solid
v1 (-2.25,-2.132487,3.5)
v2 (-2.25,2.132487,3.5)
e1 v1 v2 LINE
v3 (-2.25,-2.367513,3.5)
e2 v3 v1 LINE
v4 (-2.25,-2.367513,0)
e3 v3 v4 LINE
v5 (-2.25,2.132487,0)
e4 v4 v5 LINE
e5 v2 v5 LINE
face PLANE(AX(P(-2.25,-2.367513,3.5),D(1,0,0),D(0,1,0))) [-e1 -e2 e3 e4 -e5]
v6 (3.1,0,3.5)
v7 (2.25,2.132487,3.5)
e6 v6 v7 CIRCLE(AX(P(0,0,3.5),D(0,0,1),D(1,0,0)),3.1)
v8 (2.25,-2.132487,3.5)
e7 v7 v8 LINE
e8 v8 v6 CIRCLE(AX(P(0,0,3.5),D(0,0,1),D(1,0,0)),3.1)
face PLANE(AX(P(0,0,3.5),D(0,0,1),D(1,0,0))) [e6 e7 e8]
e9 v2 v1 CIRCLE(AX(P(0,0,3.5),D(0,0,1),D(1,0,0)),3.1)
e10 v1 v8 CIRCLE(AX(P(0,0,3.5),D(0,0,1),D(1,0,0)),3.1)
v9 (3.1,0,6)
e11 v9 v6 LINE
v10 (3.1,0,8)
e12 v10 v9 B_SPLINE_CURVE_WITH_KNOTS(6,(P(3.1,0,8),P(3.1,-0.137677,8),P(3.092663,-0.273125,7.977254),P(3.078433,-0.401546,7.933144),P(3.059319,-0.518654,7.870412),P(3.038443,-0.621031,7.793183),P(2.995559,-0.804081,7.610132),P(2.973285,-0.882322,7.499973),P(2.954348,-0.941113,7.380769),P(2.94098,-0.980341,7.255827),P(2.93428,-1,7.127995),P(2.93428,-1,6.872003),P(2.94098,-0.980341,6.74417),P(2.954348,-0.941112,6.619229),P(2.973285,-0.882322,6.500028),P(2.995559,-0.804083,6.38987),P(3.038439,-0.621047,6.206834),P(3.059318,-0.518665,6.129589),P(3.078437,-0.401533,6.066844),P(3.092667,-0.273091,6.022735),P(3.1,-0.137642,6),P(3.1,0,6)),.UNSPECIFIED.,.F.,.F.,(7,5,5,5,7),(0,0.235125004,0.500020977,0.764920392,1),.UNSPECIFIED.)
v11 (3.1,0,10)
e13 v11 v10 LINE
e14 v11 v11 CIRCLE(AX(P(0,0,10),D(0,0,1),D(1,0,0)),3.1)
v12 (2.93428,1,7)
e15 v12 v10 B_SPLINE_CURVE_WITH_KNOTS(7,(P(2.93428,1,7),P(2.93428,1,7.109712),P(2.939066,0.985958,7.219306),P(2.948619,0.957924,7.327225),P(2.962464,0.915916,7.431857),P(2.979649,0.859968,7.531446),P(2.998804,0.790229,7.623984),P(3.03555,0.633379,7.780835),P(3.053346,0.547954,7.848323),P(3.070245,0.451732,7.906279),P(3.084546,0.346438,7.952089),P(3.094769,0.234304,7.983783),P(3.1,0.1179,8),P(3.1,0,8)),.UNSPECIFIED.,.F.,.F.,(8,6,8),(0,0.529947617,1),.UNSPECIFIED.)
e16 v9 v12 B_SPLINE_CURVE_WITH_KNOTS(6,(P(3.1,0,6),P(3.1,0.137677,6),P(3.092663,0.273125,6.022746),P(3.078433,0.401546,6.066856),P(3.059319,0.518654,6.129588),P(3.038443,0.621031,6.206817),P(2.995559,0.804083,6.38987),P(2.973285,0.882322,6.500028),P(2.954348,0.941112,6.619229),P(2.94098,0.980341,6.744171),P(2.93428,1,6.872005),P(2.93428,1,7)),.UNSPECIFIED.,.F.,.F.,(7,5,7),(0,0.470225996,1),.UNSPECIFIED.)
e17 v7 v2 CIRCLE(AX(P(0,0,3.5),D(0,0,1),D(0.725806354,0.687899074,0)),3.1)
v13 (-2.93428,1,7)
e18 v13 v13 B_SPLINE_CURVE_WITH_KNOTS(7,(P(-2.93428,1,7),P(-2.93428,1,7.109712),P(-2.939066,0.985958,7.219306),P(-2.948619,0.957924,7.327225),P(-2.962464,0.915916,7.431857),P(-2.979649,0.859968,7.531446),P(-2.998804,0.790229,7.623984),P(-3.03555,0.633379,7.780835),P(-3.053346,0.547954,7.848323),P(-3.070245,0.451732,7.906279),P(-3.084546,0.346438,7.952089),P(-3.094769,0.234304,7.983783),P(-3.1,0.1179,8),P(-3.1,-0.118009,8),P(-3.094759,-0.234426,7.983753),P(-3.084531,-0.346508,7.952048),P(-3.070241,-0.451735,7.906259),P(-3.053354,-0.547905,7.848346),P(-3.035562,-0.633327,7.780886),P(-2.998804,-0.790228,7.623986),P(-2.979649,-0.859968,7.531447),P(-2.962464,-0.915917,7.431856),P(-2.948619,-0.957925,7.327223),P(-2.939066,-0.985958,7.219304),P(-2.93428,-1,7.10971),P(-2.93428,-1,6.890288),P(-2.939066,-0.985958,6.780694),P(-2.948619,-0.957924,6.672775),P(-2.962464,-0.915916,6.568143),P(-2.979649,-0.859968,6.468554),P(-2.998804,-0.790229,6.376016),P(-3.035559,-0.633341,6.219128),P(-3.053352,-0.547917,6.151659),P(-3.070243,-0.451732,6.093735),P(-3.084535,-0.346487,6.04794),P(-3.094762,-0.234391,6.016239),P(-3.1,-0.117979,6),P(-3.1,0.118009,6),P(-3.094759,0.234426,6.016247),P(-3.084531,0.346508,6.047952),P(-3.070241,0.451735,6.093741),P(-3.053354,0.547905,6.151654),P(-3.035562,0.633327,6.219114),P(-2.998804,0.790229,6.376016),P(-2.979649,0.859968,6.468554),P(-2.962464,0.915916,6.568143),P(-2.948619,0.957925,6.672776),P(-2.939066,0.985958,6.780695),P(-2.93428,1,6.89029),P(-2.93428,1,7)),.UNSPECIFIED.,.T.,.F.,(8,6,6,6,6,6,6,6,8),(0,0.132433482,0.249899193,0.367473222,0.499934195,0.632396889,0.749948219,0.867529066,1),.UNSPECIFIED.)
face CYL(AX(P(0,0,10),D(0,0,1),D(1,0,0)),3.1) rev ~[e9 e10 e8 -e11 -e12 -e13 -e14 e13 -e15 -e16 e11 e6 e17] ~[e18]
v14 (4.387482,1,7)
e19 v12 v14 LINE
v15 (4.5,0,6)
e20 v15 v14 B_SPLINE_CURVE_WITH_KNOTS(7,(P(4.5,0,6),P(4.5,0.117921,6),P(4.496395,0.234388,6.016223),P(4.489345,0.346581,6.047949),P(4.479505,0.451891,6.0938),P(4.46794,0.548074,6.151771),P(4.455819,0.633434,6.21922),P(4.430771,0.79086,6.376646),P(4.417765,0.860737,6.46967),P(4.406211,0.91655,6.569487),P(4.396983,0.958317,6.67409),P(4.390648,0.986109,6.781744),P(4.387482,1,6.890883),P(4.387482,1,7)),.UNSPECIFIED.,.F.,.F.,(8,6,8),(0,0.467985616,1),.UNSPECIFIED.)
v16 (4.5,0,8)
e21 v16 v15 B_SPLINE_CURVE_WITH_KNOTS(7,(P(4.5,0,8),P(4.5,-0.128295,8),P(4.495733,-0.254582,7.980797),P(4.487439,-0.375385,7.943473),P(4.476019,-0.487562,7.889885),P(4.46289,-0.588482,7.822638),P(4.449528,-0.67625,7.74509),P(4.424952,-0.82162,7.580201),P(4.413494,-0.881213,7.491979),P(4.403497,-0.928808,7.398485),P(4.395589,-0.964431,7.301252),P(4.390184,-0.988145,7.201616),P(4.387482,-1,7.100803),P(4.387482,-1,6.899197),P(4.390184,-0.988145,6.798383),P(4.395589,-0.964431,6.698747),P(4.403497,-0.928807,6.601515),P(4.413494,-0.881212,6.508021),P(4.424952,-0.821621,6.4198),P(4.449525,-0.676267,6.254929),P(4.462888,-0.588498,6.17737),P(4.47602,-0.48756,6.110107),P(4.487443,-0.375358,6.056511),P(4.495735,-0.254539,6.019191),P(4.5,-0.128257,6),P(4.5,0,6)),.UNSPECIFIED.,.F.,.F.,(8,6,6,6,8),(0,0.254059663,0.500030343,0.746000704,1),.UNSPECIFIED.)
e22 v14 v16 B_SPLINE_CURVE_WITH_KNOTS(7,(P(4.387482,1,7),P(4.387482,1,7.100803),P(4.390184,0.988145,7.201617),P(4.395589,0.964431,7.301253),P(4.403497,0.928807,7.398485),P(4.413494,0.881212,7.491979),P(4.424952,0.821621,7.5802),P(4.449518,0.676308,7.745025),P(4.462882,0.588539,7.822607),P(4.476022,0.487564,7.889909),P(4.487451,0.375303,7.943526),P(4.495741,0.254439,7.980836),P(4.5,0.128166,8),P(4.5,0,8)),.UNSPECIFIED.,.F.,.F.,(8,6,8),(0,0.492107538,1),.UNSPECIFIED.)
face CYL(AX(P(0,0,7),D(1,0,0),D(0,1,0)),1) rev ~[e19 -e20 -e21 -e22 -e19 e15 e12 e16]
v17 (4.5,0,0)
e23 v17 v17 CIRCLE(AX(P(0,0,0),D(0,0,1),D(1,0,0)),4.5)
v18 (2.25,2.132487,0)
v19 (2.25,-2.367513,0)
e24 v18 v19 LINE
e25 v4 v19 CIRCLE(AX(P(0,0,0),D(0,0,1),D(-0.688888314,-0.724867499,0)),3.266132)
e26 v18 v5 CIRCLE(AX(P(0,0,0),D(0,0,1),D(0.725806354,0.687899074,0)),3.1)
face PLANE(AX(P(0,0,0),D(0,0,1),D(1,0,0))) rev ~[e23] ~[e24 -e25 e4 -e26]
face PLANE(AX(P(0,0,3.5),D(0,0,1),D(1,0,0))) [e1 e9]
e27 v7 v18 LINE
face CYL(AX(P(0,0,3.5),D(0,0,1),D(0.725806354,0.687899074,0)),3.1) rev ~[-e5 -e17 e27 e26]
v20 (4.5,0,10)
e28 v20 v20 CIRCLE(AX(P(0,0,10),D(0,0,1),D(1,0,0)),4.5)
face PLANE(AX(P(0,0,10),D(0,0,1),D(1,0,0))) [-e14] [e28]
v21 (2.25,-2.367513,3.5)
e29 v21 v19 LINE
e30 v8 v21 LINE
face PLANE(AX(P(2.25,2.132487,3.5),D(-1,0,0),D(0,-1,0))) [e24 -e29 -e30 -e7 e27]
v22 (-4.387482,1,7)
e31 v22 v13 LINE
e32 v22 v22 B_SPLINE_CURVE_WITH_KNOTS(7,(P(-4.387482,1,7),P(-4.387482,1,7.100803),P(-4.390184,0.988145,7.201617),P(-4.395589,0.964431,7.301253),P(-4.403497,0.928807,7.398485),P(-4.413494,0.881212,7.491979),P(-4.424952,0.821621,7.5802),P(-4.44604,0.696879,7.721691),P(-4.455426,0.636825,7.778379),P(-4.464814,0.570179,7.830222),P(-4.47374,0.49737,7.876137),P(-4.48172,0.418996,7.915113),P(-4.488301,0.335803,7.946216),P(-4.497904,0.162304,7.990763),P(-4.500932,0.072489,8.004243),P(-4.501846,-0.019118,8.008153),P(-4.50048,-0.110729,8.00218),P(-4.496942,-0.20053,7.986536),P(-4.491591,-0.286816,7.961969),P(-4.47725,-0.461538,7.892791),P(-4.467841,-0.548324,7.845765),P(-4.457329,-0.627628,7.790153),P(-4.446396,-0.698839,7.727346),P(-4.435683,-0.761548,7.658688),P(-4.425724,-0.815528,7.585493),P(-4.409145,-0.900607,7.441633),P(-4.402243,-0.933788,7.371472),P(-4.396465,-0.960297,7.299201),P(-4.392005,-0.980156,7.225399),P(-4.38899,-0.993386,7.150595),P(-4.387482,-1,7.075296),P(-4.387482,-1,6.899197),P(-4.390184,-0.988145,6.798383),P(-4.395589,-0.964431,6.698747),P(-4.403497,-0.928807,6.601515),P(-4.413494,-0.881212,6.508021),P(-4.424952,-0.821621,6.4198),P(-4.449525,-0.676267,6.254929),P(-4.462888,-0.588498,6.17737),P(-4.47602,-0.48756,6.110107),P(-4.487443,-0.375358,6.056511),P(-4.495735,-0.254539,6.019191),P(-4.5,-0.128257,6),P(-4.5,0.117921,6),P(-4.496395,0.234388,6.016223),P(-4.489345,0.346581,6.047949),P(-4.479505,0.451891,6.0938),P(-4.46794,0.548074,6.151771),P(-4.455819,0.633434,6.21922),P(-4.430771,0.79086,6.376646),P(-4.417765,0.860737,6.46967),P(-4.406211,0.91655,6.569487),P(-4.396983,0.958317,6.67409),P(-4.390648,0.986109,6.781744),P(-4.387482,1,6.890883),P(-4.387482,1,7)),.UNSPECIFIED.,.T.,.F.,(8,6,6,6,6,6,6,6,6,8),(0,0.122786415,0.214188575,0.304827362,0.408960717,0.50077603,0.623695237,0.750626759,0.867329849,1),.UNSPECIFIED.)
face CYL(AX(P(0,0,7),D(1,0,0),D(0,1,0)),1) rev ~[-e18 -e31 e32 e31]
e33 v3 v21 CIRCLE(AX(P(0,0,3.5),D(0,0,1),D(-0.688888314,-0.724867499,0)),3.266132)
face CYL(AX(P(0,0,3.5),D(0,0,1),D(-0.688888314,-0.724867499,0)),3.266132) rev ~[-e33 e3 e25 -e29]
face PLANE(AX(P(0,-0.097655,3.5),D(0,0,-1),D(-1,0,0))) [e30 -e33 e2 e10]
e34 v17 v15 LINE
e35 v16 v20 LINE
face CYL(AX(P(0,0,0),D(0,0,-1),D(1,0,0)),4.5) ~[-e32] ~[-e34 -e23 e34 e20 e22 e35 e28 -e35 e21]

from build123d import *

# Parameters (mm, degrees)
SKETCH003_R     = 1
PAD001_DEPTH    = 5
SKETCH_R        = 4.5
PAD_DEPTH       = 10
SKETCH001_R     = 3.1
POCKET_DEPTH    = 6.5
POCKET001_DEPTH = 3.501


with BuildPart() as hole:
    # Sketch003 → Pad001 (new body, symmetric)
    with BuildSketch(Plane.YZ):
        with Locations((0, 7)):
            Circle(SKETCH003_R)
    extrude(amount=PAD001_DEPTH, both=True)


with BuildPart() as cut:
    # Sketch (on Part) → Pad (new body)
    with BuildSketch(Plane.XY):
        Circle(SKETCH_R)
    extrude(amount=PAD_DEPTH)

    # Sketch001 (on Face3 of Pad) → Pocket (cut)
    with BuildSketch(Plane.XY.offset(10)):
        Circle(SKETCH001_R)
    extrude(amount=-POCKET_DEPTH, mode=Mode.SUBTRACT)

    # Sketch002 (on Face5 of Pocket) → Pocket001 (cut, through all)
    with BuildSketch(Plane.XY.offset(3.5)):
        with BuildLine():
            Line((2.25, 2.132487), (2.25, -2.367513))
            ThreePointArc((-2.25, -2.367513), (0, -3.266132), (2.25, -2.367513))
            Line((-2.25, -2.367513), (-2.25, 2.132487))
            ThreePointArc((2.25, 2.132487), (0, 3.1), (-2.25, 2.132487))
        make_face()
    extrude(amount=-POCKET001_DEPTH, mode=Mode.SUBTRACT)

    # Cut: cut Hole
    add(hole.part, mode=Mode.SUBTRACT)


solid = cut.part
